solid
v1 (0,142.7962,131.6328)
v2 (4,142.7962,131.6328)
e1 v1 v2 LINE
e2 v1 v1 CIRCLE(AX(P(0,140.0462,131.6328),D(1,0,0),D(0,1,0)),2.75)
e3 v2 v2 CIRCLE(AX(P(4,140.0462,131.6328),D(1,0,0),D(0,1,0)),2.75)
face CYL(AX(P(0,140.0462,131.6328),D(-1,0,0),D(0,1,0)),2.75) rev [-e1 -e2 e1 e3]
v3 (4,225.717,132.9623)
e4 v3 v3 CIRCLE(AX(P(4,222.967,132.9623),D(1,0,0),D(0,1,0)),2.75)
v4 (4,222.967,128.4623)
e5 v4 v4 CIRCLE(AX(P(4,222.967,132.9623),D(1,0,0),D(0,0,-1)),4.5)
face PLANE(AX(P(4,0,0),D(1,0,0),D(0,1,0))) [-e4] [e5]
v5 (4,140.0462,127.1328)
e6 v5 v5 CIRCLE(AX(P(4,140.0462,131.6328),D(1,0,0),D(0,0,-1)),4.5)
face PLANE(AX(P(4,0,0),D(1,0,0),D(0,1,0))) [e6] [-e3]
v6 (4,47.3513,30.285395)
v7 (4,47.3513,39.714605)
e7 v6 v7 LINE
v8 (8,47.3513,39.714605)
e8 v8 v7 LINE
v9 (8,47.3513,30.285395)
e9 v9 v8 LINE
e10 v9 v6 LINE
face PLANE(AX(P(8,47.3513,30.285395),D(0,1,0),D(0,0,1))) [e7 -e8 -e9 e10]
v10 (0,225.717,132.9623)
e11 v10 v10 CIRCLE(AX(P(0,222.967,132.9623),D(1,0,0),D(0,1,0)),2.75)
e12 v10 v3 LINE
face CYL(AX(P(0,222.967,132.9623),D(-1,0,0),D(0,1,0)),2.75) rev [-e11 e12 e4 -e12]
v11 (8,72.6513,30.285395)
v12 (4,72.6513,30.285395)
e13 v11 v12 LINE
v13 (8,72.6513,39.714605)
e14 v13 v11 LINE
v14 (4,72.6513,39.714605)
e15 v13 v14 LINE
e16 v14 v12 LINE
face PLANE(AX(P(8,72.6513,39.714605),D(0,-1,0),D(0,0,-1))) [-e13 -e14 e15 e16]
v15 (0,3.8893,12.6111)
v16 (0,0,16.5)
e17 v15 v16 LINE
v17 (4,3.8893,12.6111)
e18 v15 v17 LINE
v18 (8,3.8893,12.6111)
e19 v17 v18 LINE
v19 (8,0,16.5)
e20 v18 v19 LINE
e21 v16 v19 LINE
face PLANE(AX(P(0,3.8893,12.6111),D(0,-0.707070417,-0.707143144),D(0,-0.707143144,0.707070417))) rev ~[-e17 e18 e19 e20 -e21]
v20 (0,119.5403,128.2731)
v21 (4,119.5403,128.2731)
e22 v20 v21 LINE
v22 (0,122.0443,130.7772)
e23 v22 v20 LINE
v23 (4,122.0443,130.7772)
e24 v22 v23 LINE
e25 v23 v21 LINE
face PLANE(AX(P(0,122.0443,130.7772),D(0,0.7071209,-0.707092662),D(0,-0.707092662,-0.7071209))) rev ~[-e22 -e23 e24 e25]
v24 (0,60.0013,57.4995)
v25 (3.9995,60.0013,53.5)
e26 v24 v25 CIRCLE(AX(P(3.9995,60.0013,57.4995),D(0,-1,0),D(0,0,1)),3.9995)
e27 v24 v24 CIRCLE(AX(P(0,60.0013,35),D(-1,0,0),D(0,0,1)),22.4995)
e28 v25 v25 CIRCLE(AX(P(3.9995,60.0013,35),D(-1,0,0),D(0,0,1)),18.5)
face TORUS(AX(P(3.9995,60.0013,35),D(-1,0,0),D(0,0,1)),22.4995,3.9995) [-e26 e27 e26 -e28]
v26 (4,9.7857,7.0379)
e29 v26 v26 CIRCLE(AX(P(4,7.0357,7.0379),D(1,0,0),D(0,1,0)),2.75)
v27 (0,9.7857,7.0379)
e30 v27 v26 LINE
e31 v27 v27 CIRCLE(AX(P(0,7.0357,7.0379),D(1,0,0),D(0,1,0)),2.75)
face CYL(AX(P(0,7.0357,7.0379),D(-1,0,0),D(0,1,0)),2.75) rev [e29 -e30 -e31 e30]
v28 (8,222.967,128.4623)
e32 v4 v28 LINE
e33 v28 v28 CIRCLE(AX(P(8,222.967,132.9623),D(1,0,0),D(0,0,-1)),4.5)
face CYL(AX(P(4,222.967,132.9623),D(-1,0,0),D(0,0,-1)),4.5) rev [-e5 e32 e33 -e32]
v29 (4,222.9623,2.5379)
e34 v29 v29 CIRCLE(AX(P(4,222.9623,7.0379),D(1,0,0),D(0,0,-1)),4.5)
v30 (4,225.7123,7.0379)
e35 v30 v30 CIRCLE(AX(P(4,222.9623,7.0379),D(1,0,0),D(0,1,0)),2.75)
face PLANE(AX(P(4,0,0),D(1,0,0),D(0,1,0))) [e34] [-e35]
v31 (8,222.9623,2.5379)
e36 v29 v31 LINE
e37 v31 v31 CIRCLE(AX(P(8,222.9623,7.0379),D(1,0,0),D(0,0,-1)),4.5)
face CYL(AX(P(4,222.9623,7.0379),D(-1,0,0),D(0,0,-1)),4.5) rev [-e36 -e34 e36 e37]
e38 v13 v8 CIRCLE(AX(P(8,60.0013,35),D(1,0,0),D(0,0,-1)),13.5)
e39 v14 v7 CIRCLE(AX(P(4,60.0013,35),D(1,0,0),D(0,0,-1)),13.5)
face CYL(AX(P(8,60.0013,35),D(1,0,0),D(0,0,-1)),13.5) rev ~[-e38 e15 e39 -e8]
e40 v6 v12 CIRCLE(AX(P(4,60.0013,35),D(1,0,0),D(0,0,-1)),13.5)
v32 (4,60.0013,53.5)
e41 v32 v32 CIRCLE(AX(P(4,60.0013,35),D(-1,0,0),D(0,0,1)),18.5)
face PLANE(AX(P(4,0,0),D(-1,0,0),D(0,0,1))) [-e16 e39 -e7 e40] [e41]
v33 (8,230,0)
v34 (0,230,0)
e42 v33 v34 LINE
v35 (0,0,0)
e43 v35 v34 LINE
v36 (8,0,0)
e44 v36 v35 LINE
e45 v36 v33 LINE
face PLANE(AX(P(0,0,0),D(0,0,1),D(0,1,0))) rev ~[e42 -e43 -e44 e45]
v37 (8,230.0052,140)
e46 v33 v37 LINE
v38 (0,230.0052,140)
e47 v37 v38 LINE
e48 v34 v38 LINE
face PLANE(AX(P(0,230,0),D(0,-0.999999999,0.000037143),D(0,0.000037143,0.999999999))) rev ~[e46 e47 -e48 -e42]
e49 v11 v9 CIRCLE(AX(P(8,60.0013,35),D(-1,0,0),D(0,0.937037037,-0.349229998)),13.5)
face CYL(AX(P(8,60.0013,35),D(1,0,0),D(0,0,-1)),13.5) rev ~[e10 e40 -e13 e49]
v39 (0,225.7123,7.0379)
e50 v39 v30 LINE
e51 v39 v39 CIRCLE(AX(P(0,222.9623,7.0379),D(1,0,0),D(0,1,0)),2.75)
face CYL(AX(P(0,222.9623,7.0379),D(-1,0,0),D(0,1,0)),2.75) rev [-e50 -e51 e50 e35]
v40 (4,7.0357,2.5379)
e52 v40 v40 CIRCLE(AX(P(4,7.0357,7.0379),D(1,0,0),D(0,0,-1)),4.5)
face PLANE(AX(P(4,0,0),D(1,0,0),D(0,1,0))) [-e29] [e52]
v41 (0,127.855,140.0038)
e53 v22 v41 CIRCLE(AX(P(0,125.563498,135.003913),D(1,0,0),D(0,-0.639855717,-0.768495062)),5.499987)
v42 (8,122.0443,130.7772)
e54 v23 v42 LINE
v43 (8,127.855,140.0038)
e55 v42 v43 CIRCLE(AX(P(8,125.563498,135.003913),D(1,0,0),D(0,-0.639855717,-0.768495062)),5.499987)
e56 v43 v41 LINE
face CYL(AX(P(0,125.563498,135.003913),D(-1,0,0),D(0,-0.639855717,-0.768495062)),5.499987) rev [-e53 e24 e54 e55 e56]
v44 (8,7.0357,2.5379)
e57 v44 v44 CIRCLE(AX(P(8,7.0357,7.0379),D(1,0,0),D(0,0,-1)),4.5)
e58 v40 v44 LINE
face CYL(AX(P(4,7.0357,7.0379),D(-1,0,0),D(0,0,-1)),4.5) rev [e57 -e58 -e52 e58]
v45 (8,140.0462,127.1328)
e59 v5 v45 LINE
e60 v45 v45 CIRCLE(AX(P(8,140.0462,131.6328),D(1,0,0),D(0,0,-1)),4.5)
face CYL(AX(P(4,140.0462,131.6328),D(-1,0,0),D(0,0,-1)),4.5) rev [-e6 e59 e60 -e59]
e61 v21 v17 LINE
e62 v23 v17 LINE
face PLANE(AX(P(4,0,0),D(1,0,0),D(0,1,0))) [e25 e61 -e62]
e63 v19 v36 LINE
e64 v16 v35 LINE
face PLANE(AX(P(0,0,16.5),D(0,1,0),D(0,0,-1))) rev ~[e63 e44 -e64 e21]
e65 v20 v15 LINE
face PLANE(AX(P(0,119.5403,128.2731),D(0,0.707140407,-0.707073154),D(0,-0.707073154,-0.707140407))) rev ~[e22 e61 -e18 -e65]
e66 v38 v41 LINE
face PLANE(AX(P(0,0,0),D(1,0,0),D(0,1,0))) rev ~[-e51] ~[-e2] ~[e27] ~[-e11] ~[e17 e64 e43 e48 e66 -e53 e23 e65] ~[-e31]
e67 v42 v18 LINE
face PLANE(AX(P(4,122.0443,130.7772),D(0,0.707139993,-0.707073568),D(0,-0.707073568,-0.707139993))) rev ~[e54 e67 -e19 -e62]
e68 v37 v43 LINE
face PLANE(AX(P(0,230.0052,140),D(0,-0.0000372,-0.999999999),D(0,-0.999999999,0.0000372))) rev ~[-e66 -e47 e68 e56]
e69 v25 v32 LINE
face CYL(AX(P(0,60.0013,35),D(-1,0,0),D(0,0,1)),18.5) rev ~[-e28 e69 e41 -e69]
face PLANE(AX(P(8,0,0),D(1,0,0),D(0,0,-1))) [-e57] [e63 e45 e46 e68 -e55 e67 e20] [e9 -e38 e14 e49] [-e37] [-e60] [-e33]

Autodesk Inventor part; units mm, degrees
ref_plane "YZ Plane" through (0, 0, 0) normal (1, 0, 0) x (0, 1, 0)
ref_plane "XZ Plane" through (0, 0, 0) normal (0, 1, 0) x (-1, 0, 0)
ref_plane "XY Plane" through (0, 0, 0) normal (0, 0, 1) x (1, 0, 0)
sketch "Sketch1" plane through (0, 0, 0) normal (1, 0, 0) x (0, 1, 0)
  circle A0 centre (7.0357, 7.0379) radius 4.5 construction
  circle A1 centre (222.967, 132.9623) radius 4.5 construction
  arc A2 (216.9926, 130.402) -> (220.4062, 126.988) centre (222.967, 132.9623) ccw construction
  arc A3 (226.4665, 117.7965) -> (220.4062, 126.988) centre (216.4665, 117.7968) ccw construction
  line L0 (226.4665, 117.7965) -> (226.4629, 22.2035) construction
  arc A4 (220.402, 13.0124) -> (226.4629, 22.2035) centre (216.4629, 22.2039) ccw construction
  arc A5 (220.402, 13.0124) -> (216.9879, 9.5985) centre (222.9623, 7.0379) ccw construction
  arc A6 (207.7966, 3.5379) -> (216.9879, 9.5985) centre (207.7966, 13.5379) ccw construction
  line L1 (207.7966, 3.5379) -> (22.2015, 3.5379) construction
  arc A7 (13.0101, 9.5985) -> (22.2015, 3.5379) centre (22.2015, 13.5379) ccw construction
  arc A8 (13.0101, 9.5985) -> (10.3808, 12.6111) centre (7.0357, 7.0379) ccw construction
  line L2 (10.3808, 12.6111) -> (3.8893, 12.6111) construction
  line L3 (3.8893, 12.6111) -> (0, 16.5)
  line L4 (0, 16.5) -> (0, 0)
  line L5 (0, 0) -> (230, 0)
  line L6 (230, 0) -> (230.0052, 140)
  line L7 (230.0052, 140) -> (127.855, 140.0038)
  arc A9 (122.0443, 130.7772) -> (127.855, 140.0038) centre (125.5635, 135.0039) ccw
  line L8 (122.0443, 130.7772) -> (119.5403, 128.2731)
  arc A10 (119.5403, 128.2731) -> (128.6878, 126.5292) centre (125.5635, 135.0039) ccw
  arc A11 (136.9343, 125.9261) -> (128.6878, 126.5292) centre (132.1469, 117.1465) ccw construction
  arc A12 (136.9343, 125.9261) -> (146.2191, 129.5969) centre (140.0462, 131.6328) ccw construction
  arc A13 (155.7163, 136.4648) -> (146.2191, 129.5969) centre (155.716, 126.4648) ccw construction
  line L9 (155.7163, 136.4648) -> (207.8014, 136.4629) construction
  arc A14 (216.9926, 130.402) -> (207.8014, 136.4629) centre (207.801, 126.4629) ccw construction
  circle A15 centre (222.9623, 7.0379) radius 4.5 construction
  circle A16 centre (140.0462, 131.6328) radius 4.5 construction
  arc A17 (184.962, 3.5379) -> (165.0484, 3.5379) centre (175.0052, 35) ccw construction
  line L10 (184.962, 3.5379) -> (226.4622, 3.5379) construction
  line L11 (226.4622, 3.5379) -> (226.4634, 35.0003) construction
  arc A18 (223.4634, 32.0004) -> (226.4634, 35.0003) centre (223.4634, 35.0004) ccw construction
  line L12 (223.4634, 32.0004) -> (213.4634, 32.0004) construction
  arc A19 (213.4634, 38.0004) -> (213.4634, 32.0004) centre (213.4634, 35.0004) ccw construction
  line L13 (213.4634, 38.0004) -> (223.4634, 38.0004) construction
  arc A20 (226.4634, 35.0003) -> (223.4634, 38.0004) centre (223.4634, 35.0004) ccw construction
  line L14 (226.4634, 35.0003) -> (226.4647, 70.0003) construction
  arc A21 (223.4647, 67.0004) -> (226.4647, 70.0003) centre (223.4647, 70.0004) ccw construction
  line L15 (223.4647, 67.0004) -> (213.4647, 67.0004) construction
  arc A22 (213.4647, 73.0004) -> (213.4647, 67.0004) centre (213.4647, 70.0004) ccw construction
  line L16 (213.4647, 73.0004) -> (223.4647, 73.0004) construction
  arc A23 (226.4647, 70.0003) -> (223.4647, 73.0004) centre (223.4647, 70.0004) ccw construction
  line L17 (226.4647, 70.0003) -> (226.466, 105.0003) construction
  arc A24 (223.466, 102.0004) -> (226.466, 105.0003) centre (223.466, 105.0004) ccw construction
  line L18 (223.466, 102.0004) -> (213.466, 102.0004) construction
  arc A25 (213.466, 108.0004) -> (213.466, 102.0004) centre (213.466, 105.0004) ccw construction
  line L19 (213.466, 108.0004) -> (223.466, 108.0004) construction
  arc A26 (226.466, 105.0003) -> (223.466, 108.0004) centre (223.466, 105.0004) ccw construction
  line L20 (226.466, 105.0003) -> (226.4672, 136.4622) construction
  line L21 (226.4672, 136.4622) -> (145.4199, 136.4652) construction
  arc A27 (145.4199, 136.4652) -> (133.0261, 129.9155) centre (145.4194, 121.4652) ccw construction
  arc A28 (119.5403, 128.2731) -> (133.0261, 129.9155) centre (125.5635, 135.0039) ccw construction
  line L22 (119.5403, 128.2731) -> (3.8893, 12.6111)
  line L23 (3.8893, 12.6111) -> (3.5357, 12.9646)
  line L24 (3.5357, 12.9646) -> (3.5357, 3.5379) construction
  line L25 (3.5357, 3.5379) -> (165.0484, 3.5379) construction
  circle A29 centre (7.0357, 7.0379) radius 2.75
  circle A30 centre (222.9623, 7.0379) radius 2.75
  circle A31 centre (222.967, 132.9623) radius 2.75
  circle A32 centre (140.0462, 131.6328) radius 2.75
  dimension "d0" = 5.5
  dimension "d1" = 5.5
  dimension "d2" = 5.5
  dimension "d3" = 5.5
extrude "Extrusion1" add sketch "Sketch1" along normal blind 4
sketch "Sketch2" plane through (4, 0, 0) normal (1, 0, 0) x (0, 0, -1)
  line L0 (0, 0) -> (0, 230) projected
  line L1 (0, 230) -> (-140, 230.0052) projected
  line L2 (-140, 230.0052) -> (-140.0038, 127.855) projected
  arc A0 (-130.7772, 122.0443) -> (-140.0038, 127.855) centre (-135.0039, 125.5635) ccw projected
  line L3 (-130.7772, 122.0443) -> (-12.6111, 3.8893) projected
  line L4 (-12.6111, 3.8893) -> (-16.5, 0) projected
  line L5 (-16.5, 0) -> (0, 0) projected
  circle A1 centre (-7.0379, 7.0357) radius 2.75 projected
  circle A2 centre (-7.0379, 222.9623) radius 2.75 projected
  circle A3 centre (-132.9623, 222.967) radius 2.75 projected
  circle A4 centre (-131.6328, 140.0462) radius 2.75 projected
  circle A5 centre (-131.6328, 140.0462) radius 2.75 projected
  circle A6 centre (-131.6328, 140.0462) radius 4.5
  circle A7 centre (-132.9623, 222.967) radius 2.75 projected
  circle A8 centre (-132.9623, 222.967) radius 4.5
  circle A9 centre (-7.0379, 222.9623) radius 4.5
  circle A10 centre (-7.0379, 7.0357) radius 2.75 projected
  circle A11 centre (-7.0379, 7.0357) radius 4.5
  dimension "d6" = 9
  dimension "d7" = 9
  dimension "d8" = 9
  dimension "d9" = 9
extrude "Extrusion2" add sketch "Sketch2" along normal blind 4 contours L5 L4 L3 A0 L2 L1 L0
sketch "Sketch3" plane through (8, 0, 0) normal (1, 0, 0) x (0, 0, -1)
  line L0 (0, 0) -> (0, 230) construction
  line L1 (0, 60) -> (-140.0064, 60.0052) construction
  line L2 (-140, 230.0052) -> (-140.0038, 127.855) construction
  line L3 (-127.855, 140.0038) -> (-230.0052, 140) construction
  line L4 (-210.0052, 140.0007) -> (-210.0052, 0) construction
  line L5 (-230, 0) -> (0, 0) construction
  circle A0 centre (-35, 60.0013) radius 13.5
  line L6 (-57.0351, 47.3513) -> (-57.0351, 72.6513)
  line L7 (-57.0351, 72.6513) -> (-14.4833, 72.6513)
  line L8 (-14.4833, 72.6513) -> (-14.4833, 47.3513)
  line L9 (-14.4833, 47.3513) -> (-57.0351, 47.3513)
  line L10 (-3.55, 0) -> (-3.55, 230) construction
  point P0 (-187.6552, 39.7146)
  point P1 (-187.6552, 30.2854)
  point P2 (-162.3552, 30.2854)
  point P3 (-162.3552, 39.7146)
  point P4 (-39.7146, 47.3513)
  point P5 (-30.2854, 47.3513)
  point P6 (-30.2854, 72.6513)
  point P7 (-39.7146, 72.6513)
  dimension "d12" = 60
  dimension "d13" = 20
  dimension "d14" = 27
  dimension "d17" = 25.3
  dimension "d18" = 0.85
  dimension "d19" = 3.55
  dimension "d20" = 22.0352
  dimension "d21" = 42.5518
  dimension "d22" = 21.5
extrude "Extrusion3" cut sketch "Sketch3" against normal up to next contours A0 L9 L7
sketch "Sketch4" plane through (0, 0, 0) normal (-1, 0, 0) x (0, 0, 1)
  line L0 (30.2854, 72.6513) -> (39.7146, 72.6513) construction
  line L1 (35, 72.6513) -> (35, 47.3513) construction
  line L2 (30.2854, 47.3513) -> (39.7146, 47.3513) construction
  circle A0 centre (35, 60.0013) radius 18.5
  point P0 (0, 0)
  dimension "d25" = 37
extrude "Extrusion4" cut sketch "Sketch4" against normal blind 4
fillet "Fillet1" radius 4 1 edges at (0, 60.0013, 16.5)
equation "\"d1\" = d0"
equation "\"d2\" = d0"
equation "\"d3\" = d0"
equation "\"d7\" = d6"
equation "\"d8\" = d6"
equation "\"d9\" = d6"
equation "\"d18\" = -0.5 * d17 + 0.5 * d14"
properties part number "Operator Junction Box Side Panel"
